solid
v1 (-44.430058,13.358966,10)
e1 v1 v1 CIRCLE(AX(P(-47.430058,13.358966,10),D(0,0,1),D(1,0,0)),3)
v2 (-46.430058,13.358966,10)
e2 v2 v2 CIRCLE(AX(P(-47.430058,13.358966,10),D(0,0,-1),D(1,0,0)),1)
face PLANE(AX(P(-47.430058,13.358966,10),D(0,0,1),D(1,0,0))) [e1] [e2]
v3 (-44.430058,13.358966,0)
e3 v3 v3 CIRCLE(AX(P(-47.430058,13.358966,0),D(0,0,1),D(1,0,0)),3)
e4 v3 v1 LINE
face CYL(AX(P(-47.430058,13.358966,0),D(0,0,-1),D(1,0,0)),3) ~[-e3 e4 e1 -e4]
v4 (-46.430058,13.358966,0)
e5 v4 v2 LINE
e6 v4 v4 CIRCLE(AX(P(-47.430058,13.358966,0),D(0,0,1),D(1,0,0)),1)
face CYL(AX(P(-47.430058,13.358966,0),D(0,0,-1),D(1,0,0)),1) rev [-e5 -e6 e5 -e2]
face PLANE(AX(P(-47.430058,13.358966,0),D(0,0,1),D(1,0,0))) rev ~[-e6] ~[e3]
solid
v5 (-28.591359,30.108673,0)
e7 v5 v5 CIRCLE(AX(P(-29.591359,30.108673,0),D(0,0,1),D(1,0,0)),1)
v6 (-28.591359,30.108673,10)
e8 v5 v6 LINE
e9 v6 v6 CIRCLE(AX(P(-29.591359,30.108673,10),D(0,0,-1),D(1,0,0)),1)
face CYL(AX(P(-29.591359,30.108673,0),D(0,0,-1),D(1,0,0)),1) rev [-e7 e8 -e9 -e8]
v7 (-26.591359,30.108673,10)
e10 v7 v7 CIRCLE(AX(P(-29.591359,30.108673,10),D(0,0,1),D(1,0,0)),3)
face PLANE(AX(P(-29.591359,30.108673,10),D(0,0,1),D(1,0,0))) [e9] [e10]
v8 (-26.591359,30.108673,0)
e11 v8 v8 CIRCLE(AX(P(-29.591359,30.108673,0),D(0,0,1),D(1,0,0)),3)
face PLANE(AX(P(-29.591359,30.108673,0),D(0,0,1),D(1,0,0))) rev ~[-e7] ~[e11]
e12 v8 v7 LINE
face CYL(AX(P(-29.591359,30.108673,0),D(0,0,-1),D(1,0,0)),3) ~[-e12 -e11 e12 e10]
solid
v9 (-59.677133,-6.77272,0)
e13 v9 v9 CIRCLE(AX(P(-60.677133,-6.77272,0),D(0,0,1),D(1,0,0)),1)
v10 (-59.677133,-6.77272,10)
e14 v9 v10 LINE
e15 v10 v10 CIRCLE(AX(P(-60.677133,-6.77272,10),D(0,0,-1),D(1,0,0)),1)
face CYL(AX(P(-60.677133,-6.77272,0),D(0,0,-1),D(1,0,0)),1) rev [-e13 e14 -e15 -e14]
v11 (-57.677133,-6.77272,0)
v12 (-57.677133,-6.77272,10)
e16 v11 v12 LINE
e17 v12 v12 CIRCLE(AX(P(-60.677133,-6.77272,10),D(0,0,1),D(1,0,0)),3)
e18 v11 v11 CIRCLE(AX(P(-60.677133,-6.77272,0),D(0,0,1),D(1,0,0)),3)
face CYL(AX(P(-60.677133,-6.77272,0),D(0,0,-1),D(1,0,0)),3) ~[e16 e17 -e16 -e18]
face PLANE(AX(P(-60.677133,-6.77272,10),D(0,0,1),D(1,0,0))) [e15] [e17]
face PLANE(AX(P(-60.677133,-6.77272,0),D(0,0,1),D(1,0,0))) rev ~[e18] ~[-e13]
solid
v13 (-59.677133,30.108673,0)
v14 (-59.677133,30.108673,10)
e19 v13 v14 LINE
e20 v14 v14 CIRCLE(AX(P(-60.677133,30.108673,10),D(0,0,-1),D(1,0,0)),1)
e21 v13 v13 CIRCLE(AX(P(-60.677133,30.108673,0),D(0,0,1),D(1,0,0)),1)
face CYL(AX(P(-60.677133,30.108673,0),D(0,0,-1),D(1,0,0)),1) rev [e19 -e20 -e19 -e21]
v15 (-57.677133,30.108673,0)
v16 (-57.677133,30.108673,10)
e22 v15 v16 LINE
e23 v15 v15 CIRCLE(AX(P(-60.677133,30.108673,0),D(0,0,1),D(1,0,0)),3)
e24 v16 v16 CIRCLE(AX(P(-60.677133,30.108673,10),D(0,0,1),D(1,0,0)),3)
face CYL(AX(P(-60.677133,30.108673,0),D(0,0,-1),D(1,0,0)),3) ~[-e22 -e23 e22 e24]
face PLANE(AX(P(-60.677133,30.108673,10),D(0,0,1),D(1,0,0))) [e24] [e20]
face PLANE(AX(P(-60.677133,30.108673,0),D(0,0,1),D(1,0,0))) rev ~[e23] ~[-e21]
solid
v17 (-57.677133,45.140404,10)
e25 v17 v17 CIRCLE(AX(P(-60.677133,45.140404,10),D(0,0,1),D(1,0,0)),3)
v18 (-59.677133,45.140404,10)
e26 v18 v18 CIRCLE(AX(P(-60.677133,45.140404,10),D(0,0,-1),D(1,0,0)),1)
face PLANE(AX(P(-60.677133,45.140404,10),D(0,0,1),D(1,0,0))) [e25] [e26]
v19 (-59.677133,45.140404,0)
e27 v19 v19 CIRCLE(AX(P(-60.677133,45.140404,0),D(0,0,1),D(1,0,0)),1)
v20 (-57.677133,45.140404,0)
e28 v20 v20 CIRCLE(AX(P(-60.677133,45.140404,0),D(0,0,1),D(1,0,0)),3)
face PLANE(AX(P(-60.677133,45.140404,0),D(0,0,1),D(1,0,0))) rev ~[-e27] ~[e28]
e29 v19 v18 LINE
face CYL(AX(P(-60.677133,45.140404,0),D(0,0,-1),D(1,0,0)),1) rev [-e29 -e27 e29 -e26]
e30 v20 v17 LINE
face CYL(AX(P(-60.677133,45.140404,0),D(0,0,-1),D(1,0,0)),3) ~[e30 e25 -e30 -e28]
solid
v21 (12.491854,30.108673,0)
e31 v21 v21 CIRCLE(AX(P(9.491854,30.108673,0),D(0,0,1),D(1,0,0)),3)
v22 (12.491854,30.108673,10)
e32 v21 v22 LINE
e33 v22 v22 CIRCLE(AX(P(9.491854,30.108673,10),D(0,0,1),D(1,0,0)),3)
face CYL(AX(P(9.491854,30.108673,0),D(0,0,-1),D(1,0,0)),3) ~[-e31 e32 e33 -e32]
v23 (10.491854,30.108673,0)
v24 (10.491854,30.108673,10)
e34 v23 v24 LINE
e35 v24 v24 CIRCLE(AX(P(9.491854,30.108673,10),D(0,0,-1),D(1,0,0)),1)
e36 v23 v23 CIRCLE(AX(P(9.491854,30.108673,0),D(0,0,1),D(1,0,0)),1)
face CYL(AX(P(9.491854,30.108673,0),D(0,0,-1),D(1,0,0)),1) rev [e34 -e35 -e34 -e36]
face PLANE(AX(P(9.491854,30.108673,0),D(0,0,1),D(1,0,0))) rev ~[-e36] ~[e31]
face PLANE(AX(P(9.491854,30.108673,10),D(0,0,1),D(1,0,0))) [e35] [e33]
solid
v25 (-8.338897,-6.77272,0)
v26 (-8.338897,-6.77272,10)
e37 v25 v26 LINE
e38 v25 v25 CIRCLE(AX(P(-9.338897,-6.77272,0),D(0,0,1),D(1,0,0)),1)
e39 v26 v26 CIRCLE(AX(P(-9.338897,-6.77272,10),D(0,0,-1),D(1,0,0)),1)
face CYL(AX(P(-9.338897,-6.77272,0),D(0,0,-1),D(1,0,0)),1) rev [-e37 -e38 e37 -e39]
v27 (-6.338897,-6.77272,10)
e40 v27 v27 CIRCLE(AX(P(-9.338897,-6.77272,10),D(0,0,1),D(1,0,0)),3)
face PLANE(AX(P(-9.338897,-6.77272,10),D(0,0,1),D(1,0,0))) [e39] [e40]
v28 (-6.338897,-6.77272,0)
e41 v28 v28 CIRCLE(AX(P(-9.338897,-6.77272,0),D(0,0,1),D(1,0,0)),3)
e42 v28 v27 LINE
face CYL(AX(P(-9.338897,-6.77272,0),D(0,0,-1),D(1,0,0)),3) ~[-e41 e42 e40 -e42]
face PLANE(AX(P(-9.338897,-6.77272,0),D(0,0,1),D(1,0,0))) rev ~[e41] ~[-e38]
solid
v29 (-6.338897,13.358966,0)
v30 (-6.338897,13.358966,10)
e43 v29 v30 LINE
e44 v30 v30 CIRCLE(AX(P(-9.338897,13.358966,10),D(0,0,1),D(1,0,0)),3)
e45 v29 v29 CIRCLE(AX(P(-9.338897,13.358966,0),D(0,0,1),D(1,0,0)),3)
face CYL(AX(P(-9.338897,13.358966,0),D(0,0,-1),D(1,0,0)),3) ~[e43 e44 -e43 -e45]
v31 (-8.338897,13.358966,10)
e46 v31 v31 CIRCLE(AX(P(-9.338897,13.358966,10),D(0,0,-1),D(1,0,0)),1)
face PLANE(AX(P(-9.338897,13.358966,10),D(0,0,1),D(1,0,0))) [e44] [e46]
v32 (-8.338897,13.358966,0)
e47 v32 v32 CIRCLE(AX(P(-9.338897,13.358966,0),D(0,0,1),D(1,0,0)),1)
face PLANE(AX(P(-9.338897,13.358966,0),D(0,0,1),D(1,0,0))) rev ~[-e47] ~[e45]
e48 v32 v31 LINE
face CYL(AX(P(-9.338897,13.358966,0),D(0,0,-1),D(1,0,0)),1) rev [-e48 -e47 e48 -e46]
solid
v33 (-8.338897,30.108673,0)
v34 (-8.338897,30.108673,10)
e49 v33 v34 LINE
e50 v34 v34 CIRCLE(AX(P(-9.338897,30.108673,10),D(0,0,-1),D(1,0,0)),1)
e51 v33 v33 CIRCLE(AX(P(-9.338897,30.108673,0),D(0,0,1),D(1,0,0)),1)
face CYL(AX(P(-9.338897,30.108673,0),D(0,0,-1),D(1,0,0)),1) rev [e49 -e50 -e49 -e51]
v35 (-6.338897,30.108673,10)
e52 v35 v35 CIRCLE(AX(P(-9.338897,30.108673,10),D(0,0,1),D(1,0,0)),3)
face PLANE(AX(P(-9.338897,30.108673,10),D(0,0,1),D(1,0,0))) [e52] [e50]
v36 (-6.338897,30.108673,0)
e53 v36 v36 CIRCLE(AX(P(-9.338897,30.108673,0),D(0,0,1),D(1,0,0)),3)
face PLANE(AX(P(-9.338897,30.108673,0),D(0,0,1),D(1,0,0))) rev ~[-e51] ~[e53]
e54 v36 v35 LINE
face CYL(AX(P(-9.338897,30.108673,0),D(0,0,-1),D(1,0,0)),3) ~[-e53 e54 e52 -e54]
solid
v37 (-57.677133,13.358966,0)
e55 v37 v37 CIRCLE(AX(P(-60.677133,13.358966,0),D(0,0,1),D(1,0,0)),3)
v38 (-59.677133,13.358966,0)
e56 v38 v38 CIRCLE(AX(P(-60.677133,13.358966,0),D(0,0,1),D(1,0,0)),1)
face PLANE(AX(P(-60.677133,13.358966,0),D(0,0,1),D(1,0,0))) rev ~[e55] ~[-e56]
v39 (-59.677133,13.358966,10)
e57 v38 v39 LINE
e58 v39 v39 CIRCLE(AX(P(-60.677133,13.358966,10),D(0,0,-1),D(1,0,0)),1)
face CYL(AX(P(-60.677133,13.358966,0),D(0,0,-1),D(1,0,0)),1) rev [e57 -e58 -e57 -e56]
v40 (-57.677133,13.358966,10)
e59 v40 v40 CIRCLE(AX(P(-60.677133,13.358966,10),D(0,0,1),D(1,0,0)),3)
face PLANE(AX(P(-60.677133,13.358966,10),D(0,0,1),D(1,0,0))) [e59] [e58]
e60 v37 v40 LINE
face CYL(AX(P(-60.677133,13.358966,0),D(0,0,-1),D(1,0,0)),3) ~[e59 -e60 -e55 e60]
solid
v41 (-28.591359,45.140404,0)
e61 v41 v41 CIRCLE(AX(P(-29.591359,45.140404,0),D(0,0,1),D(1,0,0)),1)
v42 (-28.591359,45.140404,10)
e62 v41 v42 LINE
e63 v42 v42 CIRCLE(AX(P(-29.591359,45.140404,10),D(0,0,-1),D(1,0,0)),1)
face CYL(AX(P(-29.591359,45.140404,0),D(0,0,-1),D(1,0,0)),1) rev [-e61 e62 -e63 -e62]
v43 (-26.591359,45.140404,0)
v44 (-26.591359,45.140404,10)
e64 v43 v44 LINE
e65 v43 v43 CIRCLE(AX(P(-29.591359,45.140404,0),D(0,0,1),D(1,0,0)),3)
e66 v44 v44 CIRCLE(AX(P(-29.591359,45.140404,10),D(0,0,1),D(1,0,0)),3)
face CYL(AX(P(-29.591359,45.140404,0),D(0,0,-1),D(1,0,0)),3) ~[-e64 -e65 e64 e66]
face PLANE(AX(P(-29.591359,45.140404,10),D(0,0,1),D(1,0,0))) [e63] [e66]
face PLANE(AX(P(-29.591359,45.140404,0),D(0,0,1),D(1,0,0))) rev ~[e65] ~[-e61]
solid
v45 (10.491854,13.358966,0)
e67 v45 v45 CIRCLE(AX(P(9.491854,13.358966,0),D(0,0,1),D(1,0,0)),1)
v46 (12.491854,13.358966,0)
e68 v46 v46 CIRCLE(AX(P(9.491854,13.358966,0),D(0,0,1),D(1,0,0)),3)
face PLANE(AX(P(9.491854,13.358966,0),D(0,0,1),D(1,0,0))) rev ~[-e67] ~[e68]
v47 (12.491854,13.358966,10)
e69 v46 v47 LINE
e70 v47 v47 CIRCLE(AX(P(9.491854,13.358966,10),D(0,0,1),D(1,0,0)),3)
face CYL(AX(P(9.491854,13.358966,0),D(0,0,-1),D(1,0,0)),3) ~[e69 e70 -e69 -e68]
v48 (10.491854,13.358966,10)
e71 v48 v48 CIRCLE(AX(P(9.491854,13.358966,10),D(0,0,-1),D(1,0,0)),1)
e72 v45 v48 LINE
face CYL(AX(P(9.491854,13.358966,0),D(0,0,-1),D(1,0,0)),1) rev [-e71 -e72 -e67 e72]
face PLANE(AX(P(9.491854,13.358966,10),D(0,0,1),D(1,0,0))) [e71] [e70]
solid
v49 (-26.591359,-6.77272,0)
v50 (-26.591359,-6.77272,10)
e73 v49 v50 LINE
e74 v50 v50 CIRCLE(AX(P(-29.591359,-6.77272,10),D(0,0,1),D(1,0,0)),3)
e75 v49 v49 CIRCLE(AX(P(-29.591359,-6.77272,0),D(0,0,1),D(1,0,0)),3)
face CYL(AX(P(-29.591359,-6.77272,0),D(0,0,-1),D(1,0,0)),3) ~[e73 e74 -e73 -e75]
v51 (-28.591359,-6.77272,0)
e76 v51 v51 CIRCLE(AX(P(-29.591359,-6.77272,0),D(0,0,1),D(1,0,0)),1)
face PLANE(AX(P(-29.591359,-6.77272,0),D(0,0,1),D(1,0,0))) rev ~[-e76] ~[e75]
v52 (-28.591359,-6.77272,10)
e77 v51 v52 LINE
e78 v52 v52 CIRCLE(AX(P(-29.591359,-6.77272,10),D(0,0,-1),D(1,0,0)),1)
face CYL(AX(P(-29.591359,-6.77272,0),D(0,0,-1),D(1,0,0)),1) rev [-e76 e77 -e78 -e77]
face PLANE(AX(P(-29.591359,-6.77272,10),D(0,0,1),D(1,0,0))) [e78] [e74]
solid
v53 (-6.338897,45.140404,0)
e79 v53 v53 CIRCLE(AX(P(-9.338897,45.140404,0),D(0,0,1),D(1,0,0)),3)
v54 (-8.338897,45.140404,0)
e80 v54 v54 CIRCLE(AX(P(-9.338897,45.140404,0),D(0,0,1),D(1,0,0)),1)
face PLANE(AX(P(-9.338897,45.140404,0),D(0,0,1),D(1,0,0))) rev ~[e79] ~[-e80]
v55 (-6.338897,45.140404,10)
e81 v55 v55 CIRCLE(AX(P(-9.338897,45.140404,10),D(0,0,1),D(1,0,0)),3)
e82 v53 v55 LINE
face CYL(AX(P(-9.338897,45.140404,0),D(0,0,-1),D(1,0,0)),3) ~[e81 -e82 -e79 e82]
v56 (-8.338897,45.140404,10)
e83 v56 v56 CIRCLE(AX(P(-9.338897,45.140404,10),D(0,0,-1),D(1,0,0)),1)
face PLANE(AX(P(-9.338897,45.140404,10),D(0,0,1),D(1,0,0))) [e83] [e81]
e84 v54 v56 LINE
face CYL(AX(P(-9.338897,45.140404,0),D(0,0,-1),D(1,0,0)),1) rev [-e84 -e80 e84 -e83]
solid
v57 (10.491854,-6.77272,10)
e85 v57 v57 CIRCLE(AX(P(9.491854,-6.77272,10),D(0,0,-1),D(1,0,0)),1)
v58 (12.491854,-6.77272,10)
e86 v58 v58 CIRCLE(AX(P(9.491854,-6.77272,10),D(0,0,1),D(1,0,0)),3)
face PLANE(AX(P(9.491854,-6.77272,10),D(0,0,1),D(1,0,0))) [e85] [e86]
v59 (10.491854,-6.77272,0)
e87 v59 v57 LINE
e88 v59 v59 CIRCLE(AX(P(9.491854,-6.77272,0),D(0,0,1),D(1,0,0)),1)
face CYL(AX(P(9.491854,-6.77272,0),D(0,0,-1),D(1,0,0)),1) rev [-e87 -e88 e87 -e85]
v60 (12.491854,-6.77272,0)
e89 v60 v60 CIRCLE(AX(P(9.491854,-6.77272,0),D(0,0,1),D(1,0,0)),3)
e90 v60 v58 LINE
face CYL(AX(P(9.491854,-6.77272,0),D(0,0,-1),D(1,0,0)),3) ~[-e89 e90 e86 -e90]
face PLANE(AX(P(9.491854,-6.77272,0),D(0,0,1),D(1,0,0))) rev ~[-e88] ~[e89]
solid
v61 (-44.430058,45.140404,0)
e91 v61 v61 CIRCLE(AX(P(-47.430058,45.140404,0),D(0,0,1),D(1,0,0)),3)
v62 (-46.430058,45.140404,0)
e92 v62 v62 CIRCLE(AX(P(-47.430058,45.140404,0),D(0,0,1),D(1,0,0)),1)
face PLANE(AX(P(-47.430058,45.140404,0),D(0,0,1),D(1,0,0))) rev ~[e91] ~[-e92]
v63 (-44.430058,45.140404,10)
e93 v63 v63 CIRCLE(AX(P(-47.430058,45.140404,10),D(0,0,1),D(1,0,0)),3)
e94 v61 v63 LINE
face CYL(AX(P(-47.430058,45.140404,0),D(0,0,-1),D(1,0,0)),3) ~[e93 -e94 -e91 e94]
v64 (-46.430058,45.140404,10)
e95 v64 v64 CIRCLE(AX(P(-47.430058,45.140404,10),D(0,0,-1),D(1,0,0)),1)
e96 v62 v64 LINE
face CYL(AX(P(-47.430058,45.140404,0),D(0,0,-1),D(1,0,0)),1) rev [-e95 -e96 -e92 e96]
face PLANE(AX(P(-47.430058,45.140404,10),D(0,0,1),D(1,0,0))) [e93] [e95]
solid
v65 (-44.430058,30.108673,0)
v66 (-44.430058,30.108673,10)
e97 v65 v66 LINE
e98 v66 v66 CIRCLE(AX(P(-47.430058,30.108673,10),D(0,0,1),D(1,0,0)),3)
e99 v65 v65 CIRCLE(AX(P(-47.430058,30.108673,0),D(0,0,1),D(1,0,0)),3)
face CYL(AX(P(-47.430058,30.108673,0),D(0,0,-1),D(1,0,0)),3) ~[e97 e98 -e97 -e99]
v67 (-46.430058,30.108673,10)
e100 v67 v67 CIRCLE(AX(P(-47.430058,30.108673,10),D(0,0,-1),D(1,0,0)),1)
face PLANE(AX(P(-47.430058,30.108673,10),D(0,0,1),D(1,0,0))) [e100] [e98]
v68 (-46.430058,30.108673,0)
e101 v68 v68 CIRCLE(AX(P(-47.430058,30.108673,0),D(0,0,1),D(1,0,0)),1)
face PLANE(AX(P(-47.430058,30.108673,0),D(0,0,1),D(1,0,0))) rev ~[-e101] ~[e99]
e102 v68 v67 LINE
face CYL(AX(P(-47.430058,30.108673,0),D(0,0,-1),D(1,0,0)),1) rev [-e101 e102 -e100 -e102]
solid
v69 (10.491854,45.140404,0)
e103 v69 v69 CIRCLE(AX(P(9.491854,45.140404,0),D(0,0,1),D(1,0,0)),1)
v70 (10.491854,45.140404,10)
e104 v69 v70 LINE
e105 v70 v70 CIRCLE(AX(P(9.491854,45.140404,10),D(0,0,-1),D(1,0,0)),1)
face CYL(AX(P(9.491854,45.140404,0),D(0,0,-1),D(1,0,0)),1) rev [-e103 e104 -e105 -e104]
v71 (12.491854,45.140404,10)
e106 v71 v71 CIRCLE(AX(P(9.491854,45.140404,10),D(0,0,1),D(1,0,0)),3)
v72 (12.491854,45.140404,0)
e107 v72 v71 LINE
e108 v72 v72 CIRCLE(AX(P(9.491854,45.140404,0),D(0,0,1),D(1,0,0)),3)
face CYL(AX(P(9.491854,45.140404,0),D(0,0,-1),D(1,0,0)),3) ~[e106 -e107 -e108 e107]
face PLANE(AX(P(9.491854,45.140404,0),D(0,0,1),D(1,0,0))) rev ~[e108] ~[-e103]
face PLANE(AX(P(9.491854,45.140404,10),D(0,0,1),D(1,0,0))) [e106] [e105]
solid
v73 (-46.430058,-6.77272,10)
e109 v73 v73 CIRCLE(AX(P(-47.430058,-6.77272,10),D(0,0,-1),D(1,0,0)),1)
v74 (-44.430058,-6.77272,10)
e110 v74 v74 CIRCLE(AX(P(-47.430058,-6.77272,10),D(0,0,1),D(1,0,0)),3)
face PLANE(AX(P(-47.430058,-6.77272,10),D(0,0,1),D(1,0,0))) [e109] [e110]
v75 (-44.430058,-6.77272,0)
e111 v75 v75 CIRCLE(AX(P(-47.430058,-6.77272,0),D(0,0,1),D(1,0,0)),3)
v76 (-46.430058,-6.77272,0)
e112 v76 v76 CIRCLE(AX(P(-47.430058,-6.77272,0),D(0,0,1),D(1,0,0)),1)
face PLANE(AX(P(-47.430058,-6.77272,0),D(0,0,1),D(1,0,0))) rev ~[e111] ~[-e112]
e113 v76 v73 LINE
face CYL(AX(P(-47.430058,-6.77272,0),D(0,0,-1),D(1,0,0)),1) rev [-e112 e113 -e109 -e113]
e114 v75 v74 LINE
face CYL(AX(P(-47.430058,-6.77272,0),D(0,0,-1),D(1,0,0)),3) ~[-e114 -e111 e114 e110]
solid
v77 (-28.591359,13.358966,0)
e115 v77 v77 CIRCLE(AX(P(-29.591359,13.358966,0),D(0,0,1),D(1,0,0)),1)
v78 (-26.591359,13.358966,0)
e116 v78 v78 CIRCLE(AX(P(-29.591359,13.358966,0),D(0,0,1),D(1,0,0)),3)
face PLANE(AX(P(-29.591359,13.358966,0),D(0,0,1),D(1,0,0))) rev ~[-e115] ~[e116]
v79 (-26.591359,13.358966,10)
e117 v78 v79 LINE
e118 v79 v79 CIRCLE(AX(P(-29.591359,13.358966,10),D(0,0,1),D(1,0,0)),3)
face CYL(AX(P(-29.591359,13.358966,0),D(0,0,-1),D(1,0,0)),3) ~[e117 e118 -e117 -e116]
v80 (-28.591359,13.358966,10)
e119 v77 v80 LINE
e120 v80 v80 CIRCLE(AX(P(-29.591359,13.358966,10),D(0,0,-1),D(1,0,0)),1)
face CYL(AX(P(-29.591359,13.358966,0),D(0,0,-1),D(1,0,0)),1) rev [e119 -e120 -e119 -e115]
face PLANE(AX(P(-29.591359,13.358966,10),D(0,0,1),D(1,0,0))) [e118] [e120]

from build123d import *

# Parameters (mm, degrees)
F0_R     = 3
F1_DEPTH = 10
F2_R     = 1
F3_DEPTH = 15


with BuildPart() as f1:
    # F0 (on Top) → F1 (new body)
    with BuildSketch(Plane.XY):
        with Locations((-60.677133, 45.140404)):
            Circle(F0_R)
        with Locations((-60.677133, 13.358966)):
            Circle(F0_R)
        with Locations((-47.430058, -6.77272)):
            Circle(F0_R)
        with Locations((-29.591359, -6.77272)):
            Circle(F0_R)
        with Locations((-47.430058, 13.358966)):
            Circle(F0_R)
        with Locations((-29.591359, 13.358966)):
            Circle(F0_R)
        with Locations((-60.677133, -6.77272)):
            Circle(F0_R)
        with Locations((9.491854, 30.108673)):
            Circle(F0_R)
        with Locations((-9.338897, 13.358966)):
            Circle(F0_R)
        with Locations((-9.338897, -6.77272)):
            Circle(F0_R)
        with Locations((9.491854, -6.77272)):
            Circle(F0_R)
        with Locations((-47.430058, 30.108673)):
            Circle(F0_R)
        with Locations((-9.338897, 45.140404)):
            Circle(F0_R)
        with Locations((-29.591359, 45.140404)):
            Circle(F0_R)
        with Locations((-47.430058, 45.140404)):
            Circle(F0_R)
        with Locations((9.491854, 45.140404)):
            Circle(F0_R)
        with Locations((-29.591359, 30.108673)):
            Circle(F0_R)
        with Locations((-9.338897, 30.108673)):
            Circle(F0_R)
        with Locations((9.491854, 13.358966)):
            Circle(F0_R)
        with Locations((-60.677133, 30.108673)):
            Circle(F0_R)
    extrude(amount=F1_DEPTH)

    # F2 (on Top) → F3 (cut)
    with BuildSketch(Plane.XY):
        with Locations((-60.677133, -6.77272)):
            Circle(F2_R)
        with Locations((-60.677133, 13.358966)):
            Circle(F2_R)
        with Locations((-60.677133, 30.108673)):
            Circle(F2_R)
        with Locations((-60.677133, 45.140404)):
            Circle(F2_R)
        with Locations((-47.430058, 45.140404)):
            Circle(F2_R)
        with Locations((-47.430058, 30.108673)):
            Circle(F2_R)
        with Locations((-47.430058, 13.358966)):
            Circle(F2_R)
        with Locations((-47.430058, -6.77272)):
            Circle(F2_R)
        with Locations((-29.591359, 45.140404)):
            Circle(F2_R)
        with Locations((-29.591359, 30.108673)):
            Circle(F2_R)
        with Locations((-29.591359, 13.358966)):
            Circle(F2_R)
        with Locations((-29.591359, -6.77272)):
            Circle(F2_R)
        with Locations((-9.338897, 45.140404)):
            Circle(F2_R)
        with Locations((-9.338897, 30.108673)):
            Circle(F2_R)
        with Locations((-9.338897, 13.358966)):
            Circle(F2_R)
        with Locations((-9.338897, -6.77272)):
            Circle(F2_R)
        with Locations((9.491854, 45.140404)):
            Circle(F2_R)
        with Locations((9.491854, 30.108673)):
            Circle(F2_R)
        with Locations((9.491854, 13.358966)):
            Circle(F2_R)
        with Locations((9.491854, -6.77272)):
            Circle(F2_R)
    extrude(amount=F3_DEPTH, mode=Mode.SUBTRACT)


solid = f1.part
